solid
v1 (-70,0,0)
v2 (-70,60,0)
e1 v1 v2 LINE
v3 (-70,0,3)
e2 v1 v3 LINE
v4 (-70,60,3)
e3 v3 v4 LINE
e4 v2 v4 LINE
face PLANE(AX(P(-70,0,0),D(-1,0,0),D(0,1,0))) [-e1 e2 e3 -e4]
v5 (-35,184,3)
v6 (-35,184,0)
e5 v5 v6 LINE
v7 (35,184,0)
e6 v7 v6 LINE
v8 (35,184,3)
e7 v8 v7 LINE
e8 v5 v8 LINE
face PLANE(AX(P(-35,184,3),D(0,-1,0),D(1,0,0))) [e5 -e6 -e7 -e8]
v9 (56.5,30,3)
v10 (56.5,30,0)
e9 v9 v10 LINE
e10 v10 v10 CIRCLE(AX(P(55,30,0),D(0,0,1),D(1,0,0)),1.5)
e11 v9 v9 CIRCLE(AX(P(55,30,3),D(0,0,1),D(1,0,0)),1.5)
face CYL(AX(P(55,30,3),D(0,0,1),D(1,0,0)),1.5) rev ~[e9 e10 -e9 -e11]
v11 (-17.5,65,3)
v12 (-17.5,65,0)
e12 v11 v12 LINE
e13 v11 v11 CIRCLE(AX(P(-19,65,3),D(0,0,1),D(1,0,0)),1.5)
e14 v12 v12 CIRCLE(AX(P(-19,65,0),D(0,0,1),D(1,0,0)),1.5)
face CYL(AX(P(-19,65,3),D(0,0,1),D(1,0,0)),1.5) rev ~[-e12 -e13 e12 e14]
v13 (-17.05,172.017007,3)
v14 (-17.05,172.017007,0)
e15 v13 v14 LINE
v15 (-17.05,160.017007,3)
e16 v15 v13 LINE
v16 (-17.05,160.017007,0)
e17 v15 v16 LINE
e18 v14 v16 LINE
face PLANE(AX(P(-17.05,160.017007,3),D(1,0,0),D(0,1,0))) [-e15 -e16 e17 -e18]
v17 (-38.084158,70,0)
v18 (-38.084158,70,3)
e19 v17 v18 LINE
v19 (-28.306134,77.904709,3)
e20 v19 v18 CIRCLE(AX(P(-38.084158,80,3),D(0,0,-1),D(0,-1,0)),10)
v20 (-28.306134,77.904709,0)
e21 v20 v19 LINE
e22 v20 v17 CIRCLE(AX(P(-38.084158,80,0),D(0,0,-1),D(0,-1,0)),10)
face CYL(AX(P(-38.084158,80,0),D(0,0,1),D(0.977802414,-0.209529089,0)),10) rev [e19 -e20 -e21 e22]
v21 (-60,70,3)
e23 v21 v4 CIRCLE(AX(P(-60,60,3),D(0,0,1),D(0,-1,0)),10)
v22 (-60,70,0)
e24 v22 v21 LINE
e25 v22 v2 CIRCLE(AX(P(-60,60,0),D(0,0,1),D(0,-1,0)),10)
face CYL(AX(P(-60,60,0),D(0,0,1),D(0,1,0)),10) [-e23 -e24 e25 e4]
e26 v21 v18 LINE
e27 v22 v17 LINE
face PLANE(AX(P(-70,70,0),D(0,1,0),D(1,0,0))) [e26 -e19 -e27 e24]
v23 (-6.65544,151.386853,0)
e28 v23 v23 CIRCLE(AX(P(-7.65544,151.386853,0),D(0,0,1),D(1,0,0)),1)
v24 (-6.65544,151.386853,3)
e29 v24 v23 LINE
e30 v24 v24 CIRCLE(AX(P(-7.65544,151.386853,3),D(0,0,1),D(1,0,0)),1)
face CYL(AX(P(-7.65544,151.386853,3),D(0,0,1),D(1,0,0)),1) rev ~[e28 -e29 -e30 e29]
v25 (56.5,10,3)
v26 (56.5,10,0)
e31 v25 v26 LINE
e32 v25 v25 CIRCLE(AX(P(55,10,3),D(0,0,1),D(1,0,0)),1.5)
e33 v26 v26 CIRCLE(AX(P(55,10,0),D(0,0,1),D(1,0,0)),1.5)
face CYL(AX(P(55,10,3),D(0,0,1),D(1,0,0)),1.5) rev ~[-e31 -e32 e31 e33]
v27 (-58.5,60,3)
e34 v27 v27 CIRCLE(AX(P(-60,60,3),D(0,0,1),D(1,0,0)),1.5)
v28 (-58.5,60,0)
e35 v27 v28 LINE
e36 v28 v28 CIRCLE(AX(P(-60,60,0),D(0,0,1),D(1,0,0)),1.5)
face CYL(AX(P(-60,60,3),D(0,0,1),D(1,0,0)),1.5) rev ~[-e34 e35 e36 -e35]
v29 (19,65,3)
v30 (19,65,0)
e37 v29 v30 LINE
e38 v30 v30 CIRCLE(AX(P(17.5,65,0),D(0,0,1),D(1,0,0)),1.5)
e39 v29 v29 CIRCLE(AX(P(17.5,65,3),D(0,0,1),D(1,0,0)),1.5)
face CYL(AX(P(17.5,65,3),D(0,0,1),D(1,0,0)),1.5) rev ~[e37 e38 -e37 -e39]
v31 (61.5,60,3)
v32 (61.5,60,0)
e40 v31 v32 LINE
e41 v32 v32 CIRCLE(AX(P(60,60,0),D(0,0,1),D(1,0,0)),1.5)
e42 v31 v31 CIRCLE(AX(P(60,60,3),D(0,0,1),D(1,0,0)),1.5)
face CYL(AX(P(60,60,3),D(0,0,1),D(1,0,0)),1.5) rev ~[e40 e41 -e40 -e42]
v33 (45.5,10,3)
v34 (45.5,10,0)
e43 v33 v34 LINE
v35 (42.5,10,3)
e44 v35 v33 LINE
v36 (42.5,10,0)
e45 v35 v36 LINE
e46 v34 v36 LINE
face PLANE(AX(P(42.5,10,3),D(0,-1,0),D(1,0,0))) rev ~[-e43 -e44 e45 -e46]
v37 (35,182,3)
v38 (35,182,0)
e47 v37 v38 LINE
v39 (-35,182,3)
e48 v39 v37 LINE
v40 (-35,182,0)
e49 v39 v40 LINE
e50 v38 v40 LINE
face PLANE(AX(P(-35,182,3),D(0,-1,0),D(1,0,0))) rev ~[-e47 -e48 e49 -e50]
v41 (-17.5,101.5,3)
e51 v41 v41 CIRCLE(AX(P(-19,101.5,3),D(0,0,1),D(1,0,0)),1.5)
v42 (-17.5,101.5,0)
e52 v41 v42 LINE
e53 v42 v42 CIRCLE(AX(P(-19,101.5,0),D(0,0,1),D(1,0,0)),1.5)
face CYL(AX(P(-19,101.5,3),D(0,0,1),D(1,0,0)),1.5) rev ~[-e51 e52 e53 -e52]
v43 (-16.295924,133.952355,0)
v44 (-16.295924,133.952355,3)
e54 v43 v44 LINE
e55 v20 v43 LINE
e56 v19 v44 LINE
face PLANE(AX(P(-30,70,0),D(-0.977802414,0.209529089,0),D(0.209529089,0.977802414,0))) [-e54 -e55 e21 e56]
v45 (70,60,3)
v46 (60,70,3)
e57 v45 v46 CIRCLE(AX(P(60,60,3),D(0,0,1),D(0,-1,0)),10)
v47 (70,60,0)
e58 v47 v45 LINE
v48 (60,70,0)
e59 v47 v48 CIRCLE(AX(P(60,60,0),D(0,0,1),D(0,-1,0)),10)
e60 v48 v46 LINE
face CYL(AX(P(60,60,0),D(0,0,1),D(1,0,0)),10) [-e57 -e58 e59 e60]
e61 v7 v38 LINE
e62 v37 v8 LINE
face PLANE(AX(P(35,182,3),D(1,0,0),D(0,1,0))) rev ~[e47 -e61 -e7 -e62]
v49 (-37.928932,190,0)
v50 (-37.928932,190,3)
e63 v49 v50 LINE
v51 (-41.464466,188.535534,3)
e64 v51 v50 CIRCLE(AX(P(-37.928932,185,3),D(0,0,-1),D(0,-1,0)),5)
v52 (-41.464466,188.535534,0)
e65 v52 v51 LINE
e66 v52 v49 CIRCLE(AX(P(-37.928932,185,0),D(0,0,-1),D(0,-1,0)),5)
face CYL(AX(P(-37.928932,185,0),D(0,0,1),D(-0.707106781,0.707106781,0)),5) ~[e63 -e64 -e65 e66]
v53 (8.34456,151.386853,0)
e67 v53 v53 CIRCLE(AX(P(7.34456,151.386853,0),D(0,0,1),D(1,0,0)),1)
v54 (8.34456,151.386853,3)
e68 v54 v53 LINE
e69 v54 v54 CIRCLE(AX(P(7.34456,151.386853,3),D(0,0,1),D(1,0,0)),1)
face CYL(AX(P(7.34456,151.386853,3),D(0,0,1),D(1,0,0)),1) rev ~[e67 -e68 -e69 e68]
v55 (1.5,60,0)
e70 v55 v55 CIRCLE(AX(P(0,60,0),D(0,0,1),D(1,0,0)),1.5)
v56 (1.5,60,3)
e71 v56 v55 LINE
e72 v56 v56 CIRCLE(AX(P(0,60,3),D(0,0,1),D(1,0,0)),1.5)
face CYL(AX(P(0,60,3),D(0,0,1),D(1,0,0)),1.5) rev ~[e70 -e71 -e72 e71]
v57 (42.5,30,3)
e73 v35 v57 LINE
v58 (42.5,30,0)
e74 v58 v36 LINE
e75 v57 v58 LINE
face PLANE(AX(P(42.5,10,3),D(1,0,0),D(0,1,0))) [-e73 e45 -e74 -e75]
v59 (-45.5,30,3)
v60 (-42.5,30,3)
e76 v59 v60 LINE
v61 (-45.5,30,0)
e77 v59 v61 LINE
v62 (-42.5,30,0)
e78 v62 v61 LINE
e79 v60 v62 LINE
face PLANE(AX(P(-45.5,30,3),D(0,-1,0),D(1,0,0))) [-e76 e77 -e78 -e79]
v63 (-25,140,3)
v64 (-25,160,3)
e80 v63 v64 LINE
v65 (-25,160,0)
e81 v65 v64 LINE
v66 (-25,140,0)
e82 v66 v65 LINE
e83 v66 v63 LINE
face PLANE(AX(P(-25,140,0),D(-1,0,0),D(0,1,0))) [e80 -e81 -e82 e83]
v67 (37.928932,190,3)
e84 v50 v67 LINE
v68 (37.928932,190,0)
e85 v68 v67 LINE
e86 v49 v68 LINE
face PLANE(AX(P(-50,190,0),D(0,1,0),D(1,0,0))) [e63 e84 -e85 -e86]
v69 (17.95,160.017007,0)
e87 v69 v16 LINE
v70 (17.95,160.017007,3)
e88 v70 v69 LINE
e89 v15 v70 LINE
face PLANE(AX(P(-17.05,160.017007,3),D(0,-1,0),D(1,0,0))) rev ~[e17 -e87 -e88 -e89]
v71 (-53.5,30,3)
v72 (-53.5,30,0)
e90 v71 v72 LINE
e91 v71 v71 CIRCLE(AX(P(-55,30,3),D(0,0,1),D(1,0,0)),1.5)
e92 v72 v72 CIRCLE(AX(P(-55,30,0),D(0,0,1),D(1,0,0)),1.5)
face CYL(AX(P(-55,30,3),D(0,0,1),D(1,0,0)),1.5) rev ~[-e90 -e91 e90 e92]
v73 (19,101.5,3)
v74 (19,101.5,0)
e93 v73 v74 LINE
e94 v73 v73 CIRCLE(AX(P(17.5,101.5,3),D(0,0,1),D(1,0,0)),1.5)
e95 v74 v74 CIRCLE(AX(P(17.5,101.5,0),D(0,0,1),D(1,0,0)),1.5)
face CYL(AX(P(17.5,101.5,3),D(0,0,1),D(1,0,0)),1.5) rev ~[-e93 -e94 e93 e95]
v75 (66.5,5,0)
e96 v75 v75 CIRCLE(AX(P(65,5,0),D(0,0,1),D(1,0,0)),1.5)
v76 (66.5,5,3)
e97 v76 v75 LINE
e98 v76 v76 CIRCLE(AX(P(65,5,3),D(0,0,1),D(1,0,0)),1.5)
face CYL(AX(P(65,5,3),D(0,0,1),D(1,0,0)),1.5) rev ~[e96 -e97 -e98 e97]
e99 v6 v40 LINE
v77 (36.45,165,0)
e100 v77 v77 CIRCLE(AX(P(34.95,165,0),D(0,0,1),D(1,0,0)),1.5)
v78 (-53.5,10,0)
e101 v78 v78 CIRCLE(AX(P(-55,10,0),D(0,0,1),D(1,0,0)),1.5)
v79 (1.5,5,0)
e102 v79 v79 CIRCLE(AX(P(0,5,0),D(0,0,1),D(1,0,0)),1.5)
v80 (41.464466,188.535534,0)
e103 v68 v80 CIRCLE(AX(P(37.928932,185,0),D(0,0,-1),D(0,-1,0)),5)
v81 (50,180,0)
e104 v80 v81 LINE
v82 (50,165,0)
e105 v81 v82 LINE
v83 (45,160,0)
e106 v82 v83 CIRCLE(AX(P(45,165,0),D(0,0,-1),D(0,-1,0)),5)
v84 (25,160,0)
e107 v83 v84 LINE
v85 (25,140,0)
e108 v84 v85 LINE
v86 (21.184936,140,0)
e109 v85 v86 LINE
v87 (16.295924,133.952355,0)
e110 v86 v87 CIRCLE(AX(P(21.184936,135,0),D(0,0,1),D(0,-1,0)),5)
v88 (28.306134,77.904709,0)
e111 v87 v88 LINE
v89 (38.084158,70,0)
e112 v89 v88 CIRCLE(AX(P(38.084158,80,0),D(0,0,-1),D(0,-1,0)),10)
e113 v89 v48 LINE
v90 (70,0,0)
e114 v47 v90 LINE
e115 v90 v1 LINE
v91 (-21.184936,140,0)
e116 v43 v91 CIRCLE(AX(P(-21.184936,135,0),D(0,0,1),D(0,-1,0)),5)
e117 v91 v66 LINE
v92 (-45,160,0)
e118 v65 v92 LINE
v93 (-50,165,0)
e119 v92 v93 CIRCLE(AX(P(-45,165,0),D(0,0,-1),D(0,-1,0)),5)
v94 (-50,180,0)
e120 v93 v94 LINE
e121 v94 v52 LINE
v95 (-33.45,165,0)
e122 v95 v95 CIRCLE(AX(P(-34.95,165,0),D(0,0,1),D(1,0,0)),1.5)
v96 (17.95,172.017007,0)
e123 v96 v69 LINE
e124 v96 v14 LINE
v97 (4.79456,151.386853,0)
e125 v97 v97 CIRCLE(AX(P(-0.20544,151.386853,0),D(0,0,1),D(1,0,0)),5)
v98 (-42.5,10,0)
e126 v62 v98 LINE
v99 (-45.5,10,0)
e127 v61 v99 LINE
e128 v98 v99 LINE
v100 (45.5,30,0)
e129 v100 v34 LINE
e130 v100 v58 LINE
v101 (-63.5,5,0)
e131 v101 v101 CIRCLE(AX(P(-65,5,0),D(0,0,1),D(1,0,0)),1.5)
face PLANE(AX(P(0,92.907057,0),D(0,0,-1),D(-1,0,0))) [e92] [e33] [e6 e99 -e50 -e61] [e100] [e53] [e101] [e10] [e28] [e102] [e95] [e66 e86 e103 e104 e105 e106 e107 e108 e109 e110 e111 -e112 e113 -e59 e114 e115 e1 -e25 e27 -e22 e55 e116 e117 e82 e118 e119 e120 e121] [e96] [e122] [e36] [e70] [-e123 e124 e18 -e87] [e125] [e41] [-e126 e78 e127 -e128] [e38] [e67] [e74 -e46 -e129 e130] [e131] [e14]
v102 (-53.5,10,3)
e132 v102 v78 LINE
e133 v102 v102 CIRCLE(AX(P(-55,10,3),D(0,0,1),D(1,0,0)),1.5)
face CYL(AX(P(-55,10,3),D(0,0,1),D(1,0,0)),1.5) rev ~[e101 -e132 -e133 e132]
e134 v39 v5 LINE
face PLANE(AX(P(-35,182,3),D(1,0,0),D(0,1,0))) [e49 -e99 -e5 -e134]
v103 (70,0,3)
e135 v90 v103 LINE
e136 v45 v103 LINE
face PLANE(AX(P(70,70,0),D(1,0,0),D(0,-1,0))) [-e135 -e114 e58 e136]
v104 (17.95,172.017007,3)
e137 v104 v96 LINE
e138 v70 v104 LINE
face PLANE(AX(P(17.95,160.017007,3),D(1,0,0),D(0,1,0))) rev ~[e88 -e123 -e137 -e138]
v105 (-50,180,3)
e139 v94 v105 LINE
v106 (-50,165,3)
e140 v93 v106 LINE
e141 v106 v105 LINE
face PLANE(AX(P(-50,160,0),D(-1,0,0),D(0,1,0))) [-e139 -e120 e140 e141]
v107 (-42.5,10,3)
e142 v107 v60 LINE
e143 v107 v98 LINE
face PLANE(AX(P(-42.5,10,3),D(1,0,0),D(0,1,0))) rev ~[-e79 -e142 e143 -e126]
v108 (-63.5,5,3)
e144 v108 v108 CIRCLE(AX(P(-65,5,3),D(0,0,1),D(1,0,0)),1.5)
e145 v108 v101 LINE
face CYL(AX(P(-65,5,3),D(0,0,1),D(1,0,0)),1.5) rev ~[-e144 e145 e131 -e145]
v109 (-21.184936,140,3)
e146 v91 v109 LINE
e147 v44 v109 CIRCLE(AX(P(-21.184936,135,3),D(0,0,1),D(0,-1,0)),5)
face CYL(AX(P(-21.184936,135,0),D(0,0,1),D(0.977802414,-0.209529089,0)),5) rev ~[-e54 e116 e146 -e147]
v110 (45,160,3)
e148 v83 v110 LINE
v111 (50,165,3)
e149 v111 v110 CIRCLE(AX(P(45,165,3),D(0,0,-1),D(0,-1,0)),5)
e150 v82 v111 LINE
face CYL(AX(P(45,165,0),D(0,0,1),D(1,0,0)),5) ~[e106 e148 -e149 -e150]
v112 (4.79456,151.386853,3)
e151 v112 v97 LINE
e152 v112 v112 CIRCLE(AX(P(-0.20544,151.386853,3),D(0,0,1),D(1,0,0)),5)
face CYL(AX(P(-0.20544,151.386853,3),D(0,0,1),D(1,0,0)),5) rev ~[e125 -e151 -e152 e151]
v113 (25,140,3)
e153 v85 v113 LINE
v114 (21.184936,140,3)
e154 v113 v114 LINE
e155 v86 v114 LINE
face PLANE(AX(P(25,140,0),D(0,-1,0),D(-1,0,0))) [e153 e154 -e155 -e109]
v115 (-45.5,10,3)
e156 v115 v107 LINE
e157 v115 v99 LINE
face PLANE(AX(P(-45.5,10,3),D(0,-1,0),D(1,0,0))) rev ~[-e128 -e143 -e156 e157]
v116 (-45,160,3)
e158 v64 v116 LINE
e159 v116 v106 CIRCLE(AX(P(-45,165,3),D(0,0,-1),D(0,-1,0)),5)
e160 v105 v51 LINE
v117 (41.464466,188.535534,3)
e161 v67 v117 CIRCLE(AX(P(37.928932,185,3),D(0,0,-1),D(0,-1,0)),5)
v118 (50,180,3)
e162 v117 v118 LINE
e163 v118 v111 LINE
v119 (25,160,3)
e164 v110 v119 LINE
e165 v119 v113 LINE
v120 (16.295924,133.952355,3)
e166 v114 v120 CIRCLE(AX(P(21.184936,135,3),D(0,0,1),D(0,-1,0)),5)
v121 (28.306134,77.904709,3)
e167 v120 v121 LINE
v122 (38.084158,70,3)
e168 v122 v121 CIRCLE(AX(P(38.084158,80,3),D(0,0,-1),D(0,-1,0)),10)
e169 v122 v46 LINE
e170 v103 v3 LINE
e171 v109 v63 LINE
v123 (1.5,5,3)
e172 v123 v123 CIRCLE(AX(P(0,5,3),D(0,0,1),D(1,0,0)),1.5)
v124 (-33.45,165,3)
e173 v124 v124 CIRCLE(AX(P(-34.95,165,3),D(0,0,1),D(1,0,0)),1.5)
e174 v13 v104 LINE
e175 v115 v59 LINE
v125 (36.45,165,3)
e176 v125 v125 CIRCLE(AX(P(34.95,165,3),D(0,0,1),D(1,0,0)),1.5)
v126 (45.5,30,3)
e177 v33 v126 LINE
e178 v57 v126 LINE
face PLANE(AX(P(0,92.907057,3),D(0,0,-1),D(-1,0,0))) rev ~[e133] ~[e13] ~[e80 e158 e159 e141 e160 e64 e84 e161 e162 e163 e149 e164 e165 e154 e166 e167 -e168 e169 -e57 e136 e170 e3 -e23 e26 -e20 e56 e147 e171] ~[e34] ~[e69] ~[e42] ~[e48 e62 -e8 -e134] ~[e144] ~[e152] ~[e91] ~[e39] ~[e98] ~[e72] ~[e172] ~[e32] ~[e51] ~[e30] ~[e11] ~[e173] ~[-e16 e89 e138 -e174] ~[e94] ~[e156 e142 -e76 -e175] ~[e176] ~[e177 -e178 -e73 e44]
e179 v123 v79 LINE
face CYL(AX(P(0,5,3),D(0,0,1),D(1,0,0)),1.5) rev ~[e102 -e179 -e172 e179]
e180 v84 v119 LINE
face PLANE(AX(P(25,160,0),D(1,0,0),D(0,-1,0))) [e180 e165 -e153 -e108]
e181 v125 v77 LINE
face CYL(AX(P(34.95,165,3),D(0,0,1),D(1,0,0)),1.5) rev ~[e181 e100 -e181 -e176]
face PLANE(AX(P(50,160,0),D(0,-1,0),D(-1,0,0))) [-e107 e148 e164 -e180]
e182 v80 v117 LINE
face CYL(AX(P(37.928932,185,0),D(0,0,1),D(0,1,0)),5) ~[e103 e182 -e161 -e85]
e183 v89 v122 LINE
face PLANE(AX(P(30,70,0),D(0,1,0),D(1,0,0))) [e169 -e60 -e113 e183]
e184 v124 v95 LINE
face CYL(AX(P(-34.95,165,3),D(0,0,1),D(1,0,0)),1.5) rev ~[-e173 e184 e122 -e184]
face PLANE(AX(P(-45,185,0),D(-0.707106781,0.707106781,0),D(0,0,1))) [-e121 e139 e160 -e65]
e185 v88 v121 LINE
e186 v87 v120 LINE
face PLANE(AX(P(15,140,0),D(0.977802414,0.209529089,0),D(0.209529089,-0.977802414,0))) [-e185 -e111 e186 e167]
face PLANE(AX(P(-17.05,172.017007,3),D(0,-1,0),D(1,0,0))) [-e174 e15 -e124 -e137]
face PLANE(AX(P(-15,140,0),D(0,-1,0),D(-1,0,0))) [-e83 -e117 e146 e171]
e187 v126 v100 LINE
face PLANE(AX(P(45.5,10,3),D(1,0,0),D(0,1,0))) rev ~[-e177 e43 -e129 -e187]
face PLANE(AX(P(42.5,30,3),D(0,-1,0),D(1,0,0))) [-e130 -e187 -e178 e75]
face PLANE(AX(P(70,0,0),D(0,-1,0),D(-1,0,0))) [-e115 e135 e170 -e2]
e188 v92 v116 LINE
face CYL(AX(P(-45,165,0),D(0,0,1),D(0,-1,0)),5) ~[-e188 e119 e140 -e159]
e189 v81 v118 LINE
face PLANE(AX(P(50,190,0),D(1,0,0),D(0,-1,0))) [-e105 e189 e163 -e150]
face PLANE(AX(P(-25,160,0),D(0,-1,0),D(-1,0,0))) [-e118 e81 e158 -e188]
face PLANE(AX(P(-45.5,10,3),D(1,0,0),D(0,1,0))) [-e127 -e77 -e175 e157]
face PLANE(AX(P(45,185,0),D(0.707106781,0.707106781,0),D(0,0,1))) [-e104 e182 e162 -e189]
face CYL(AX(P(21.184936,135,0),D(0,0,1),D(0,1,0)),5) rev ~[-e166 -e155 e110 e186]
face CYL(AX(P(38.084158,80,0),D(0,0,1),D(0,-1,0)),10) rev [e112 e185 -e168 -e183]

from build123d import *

# Parameters (mm, degrees)
SALIENTE_EXTRUIR1_DEPTH = 3
REDONDEO1_R             = 5
REDONDEO2_R             = 10
CROQUIS2_R              = 1.5
CROQUIS2_R_2            = 5
CROQUIS2_R_3            = 1
CROQUIS2_W              = 35
CROQUIS2_H              = 12
CROQUIS2_W_2            = 70
CROQUIS2_H_2            = 2
CROQUIS2_W_3            = 3
CROQUIS2_H_3            = 20
CORTAR_EXTRUIR1_DEPTH   = 10
CHAFL_N1_SIZE           = 10
REDONDEO3_R             = 5


with BuildPart() as part:
    # Croquis1 → Saliente-Extruir1 (new body)
    with BuildSketch(Plane.XY):
        Polygon((70, 0), (-70, 0), (-70, 70), (-30, 70), (-15, 140), (-25, 140), (-25, 160), (-50, 160), (-50, 190), (50, 190), (50, 160), (25, 160), (25, 140), (15, 140), (30, 70), (70, 70), align=None)
    extrude(amount=SALIENTE_EXTRUIR1_DEPTH)

    # Redondeo1
    redondeo1_edges = [part.edges().sort_by_distance(p)[0] for p in [
        (-15, 140, 1.5),
        (-50, 160, 1.5),
        (50, 160, 1.5),
        (15, 140, 1.5),
    ]]
    fillet(redondeo1_edges, radius=REDONDEO1_R)

    # Redondeo2
    redondeo2_edges = [part.edges().sort_by_distance(p)[0] for p in [
        (-70, 70, 1.5),
        (-30, 70, 1.5),
        (30, 70, 1.5),
        (70, 70, 1.5),
    ]]
    fillet(redondeo2_edges, radius=REDONDEO2_R)

    # Croquis2 → Cortar-Extruir1 (cut)
    with BuildSketch(Plane.XY.offset(3)):
        with Locations((-55, 10)):
            Circle(CROQUIS2_R)
        with Locations((-55, 30)):
            Circle(CROQUIS2_R)
        with Locations((55, 10)):
            Circle(CROQUIS2_R)
        with Locations((55, 30)):
            Circle(CROQUIS2_R)
        with Locations((34.95, 165)):
            Circle(CROQUIS2_R)
        with Locations((-0.20543979, 151.386853188)):
            Circle(CROQUIS2_R_2)
        with Locations((-7.65543979, 151.386853188)):
            Circle(CROQUIS2_R_3)
        with Locations((7.34456021, 151.386853188)):
            Circle(CROQUIS2_R_3)
        with Locations((-65, 5)):
            Circle(CROQUIS2_R)
        with Locations((-60, 60)):
            Circle(CROQUIS2_R)
        with Locations((65, 5)):
            Circle(CROQUIS2_R)
        with Locations((60, 60)):
            Circle(CROQUIS2_R)
        with Locations((0, 5)):
            Circle(CROQUIS2_R)
        with Locations((0, 60)):
            Circle(CROQUIS2_R)
        with Locations((-19, 65)):
            Circle(CROQUIS2_R)
        with Locations((17.5, 65)):
            Circle(CROQUIS2_R)
        with Locations((-19, 101.5)):
            Circle(CROQUIS2_R)
        with Locations((17.5, 101.5)):
            Circle(CROQUIS2_R)
        with Locations((-34.95, 165)):
            Circle(CROQUIS2_R)
        with Locations((0.45, 166.017006834)):
            Rectangle(CROQUIS2_W, CROQUIS2_H)
        with Locations((0, 183)):
            Rectangle(CROQUIS2_W_2, CROQUIS2_H_2)
        with Locations((-44, 20)):
            Rectangle(CROQUIS2_W_3, CROQUIS2_H_3)
        with Locations((44, 20)):
            Rectangle(CROQUIS2_W_3, CROQUIS2_H_3)
    extrude(amount=-CORTAR_EXTRUIR1_DEPTH, mode=Mode.SUBTRACT)

    # Chaflán1
    chafl_n1_edges = [part.edges().sort_by_distance(p)[0] for p in [
        (-50, 190, 1.5),
        (50, 190, 1.5),
    ]]
    chamfer(chafl_n1_edges, length=CHAFL_N1_SIZE)

    # Redondeo3
    redondeo3_edges = [part.edges().sort_by_distance(p)[0] for p in [
        (40, 190, 1.5),
        (-40, 190, 1.5),
    ]]
    fillet(redondeo3_edges, radius=REDONDEO3_R)


solid = part.part
